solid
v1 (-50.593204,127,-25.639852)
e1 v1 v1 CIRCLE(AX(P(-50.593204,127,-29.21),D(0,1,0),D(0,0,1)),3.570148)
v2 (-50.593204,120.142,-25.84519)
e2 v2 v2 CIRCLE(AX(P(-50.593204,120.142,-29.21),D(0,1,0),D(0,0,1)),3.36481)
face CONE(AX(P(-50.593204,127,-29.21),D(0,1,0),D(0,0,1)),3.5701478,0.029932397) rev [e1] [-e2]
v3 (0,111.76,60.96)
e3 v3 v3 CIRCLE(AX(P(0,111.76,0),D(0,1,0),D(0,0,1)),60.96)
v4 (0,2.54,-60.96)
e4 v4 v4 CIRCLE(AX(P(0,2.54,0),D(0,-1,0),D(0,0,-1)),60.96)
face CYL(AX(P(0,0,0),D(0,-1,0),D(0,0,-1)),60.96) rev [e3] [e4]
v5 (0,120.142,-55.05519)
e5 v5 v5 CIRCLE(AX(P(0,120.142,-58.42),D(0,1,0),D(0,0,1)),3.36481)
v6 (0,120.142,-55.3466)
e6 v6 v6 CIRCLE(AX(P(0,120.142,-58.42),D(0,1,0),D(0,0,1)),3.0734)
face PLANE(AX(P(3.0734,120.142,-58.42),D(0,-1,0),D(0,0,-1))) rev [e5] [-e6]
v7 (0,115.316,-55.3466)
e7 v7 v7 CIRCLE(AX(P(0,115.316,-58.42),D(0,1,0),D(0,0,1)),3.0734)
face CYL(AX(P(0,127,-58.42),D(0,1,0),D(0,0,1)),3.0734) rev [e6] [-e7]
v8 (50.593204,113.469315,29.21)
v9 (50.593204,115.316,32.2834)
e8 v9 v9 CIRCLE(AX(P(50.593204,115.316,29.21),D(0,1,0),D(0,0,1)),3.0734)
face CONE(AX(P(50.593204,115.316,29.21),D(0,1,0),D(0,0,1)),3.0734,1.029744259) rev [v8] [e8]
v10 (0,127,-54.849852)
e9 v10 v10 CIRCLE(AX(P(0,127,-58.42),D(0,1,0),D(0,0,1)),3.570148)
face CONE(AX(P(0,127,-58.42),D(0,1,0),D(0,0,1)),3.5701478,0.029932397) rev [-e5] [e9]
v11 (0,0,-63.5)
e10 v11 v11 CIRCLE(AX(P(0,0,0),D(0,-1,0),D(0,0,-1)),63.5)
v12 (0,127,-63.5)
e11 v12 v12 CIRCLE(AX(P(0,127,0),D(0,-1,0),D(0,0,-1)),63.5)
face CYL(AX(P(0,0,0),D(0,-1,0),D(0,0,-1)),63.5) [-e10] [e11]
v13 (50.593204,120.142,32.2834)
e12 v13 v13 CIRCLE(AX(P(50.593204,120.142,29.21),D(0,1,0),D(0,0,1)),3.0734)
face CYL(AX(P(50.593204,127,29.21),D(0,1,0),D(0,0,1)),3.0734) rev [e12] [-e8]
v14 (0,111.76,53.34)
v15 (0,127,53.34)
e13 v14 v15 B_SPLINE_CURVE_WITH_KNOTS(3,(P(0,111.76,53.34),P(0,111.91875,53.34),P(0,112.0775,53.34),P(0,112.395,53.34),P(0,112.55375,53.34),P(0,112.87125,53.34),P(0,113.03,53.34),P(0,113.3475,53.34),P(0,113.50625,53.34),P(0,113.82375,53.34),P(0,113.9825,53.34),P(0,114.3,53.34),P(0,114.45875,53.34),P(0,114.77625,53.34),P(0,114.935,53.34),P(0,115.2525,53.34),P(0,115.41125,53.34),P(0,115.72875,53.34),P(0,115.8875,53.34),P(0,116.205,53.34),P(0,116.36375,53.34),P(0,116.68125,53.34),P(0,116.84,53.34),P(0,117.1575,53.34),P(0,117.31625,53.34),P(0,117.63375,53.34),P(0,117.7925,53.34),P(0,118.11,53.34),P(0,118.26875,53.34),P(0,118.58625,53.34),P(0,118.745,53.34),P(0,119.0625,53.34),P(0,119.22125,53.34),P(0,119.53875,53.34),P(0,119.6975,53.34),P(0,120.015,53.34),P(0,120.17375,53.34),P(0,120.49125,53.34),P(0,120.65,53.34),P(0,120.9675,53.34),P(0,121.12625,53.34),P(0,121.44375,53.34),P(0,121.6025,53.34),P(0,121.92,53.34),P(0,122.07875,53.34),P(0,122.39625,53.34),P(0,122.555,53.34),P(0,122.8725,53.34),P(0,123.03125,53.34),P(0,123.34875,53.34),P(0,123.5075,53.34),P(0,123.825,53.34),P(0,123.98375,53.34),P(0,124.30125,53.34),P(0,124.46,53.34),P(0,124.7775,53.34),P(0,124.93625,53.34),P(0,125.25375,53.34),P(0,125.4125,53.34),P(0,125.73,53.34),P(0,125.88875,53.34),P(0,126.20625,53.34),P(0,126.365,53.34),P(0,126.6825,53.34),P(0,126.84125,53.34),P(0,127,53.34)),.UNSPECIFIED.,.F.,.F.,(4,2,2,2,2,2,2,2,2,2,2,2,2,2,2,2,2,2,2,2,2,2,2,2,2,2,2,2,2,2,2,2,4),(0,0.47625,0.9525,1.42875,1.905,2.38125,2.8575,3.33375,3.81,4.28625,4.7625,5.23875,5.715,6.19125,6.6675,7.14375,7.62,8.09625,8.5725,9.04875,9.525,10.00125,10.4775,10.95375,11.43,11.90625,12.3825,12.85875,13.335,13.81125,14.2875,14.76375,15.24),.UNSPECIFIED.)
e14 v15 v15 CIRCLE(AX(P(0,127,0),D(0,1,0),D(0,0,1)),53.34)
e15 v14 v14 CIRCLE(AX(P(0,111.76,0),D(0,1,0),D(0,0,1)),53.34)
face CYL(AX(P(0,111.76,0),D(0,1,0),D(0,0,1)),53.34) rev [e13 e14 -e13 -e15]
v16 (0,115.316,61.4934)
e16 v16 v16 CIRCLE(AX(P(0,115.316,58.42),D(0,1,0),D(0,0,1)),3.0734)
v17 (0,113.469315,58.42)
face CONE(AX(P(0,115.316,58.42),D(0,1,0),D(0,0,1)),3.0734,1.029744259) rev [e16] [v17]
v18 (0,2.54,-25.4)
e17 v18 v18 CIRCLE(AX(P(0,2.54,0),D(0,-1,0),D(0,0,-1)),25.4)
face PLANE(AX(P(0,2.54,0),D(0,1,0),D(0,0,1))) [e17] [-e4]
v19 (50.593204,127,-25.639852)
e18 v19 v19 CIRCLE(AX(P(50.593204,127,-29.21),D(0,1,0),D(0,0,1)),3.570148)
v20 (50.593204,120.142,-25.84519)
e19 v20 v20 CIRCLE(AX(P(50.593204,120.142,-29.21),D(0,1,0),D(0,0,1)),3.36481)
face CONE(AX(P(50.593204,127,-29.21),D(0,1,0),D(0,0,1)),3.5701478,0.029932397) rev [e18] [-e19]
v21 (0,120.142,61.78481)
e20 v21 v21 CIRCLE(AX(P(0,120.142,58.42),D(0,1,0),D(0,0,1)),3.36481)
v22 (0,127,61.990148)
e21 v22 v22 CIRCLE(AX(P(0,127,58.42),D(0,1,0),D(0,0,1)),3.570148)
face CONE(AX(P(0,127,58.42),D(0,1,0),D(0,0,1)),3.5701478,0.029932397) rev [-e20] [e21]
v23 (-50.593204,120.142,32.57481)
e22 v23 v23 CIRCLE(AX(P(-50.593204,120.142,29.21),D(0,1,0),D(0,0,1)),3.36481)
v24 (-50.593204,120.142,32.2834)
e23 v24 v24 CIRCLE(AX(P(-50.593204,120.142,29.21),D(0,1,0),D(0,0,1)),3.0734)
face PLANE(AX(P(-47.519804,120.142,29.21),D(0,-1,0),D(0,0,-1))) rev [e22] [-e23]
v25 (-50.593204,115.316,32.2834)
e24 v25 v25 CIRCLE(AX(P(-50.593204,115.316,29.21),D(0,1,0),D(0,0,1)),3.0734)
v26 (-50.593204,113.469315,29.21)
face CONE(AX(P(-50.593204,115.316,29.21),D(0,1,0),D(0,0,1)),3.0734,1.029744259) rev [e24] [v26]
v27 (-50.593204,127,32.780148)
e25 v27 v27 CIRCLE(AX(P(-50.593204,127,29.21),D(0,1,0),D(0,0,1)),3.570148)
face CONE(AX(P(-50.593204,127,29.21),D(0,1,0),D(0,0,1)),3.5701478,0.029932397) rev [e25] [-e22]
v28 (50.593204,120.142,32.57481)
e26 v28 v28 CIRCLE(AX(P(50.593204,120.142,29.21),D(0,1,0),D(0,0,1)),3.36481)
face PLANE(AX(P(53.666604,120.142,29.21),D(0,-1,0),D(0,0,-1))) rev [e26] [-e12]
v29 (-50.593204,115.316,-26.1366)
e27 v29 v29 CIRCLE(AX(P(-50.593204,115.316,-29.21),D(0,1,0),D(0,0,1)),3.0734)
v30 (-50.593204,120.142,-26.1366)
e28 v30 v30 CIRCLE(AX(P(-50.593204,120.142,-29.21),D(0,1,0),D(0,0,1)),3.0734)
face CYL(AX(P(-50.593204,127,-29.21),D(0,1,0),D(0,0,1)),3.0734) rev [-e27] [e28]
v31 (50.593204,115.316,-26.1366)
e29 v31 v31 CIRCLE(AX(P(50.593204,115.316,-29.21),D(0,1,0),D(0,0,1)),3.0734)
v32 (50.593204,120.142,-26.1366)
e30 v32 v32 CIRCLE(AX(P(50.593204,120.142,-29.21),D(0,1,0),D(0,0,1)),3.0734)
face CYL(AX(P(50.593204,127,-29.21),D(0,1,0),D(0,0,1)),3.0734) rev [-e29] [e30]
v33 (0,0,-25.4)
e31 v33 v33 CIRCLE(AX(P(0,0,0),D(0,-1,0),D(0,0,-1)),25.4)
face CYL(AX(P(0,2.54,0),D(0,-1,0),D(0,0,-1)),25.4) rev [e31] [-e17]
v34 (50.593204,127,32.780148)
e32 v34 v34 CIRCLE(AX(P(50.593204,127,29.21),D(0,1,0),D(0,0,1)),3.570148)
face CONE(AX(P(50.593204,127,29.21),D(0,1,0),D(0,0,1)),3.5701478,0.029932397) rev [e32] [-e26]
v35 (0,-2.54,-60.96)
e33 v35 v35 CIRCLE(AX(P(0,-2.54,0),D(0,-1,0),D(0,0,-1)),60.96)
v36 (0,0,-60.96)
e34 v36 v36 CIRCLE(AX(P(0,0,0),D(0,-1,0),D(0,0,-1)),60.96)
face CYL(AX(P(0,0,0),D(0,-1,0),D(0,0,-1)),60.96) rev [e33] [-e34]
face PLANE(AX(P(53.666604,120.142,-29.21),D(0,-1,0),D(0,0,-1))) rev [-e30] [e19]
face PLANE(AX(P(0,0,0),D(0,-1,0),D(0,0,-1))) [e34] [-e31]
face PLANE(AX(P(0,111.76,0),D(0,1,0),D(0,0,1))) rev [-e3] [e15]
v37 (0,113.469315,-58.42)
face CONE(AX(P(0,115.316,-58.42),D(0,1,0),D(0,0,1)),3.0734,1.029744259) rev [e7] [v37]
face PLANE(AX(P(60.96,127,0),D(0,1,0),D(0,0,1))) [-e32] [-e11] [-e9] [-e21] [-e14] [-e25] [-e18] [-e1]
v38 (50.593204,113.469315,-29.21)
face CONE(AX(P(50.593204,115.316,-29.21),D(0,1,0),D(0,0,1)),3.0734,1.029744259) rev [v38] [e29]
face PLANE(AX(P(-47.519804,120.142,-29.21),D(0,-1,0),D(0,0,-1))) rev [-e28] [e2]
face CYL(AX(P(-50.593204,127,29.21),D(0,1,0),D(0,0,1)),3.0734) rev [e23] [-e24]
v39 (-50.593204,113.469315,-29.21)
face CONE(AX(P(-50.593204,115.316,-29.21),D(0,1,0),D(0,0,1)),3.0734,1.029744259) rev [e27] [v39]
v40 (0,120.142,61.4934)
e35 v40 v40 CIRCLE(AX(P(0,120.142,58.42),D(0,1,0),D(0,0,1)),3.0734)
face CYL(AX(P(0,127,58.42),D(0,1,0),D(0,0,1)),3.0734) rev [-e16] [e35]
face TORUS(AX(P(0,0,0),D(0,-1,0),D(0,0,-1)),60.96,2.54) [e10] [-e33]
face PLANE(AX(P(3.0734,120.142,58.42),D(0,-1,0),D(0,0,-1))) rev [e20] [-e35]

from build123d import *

# Parameters (mm, degrees)
BOSS_EXTRUDE1_START                = -15.24
SKETCH2_R                          = 60.96
SKETCH2_R_2                        = 53.34
BOSS_EXTRUDE1_DEPTH                = 15.24
F_1_16_NPT_TAPPED_HOLE2_AT_2_COUNT = 2
F_1_16_NPT_TAPPED_HOLE2_AT_2_PITCH = 58.42
F_1_16_NPT_TAPPED_HOLE2_AT_3_COUNT = 2
F_1_16_NPT_TAPPED_HOLE2_AT_3_PITCH = 101.186408178
F_1_16_NPT_TAPPED_HOLE2_AT_4_COUNT = 2
F_1_16_NPT_TAPPED_HOLE2_AT_4_PITCH = 116.84
F_1_16_NPT_TAPPED_HOLE2_AT_5_COUNT = 2
F_1_16_NPT_TAPPED_HOLE2_AT_5_PITCH = 101.186408178
F_1_16_NPT_TAPPED_HOLE2_AT_6_COUNT = 2
F_1_16_NPT_TAPPED_HOLE2_AT_6_PITCH = 58.42
SKETCH8_R                          = 25.4
CUT_EXTRUDE1_DEPTH                 = 2.54


with BuildPart() as part:
    # Sketch1 → Revolve1 (revolve)
    with BuildSketch(Plane.XY, mode=Mode.PRIVATE) as revolve1_sk:
        with BuildLine():
            Line((0, 0), (60.96, 0))
            Line((60.96, 0), (60.96, -2.54))
            ThreePointArc((60.96, -2.54), (62.756051224, -1.796051224), (63.5, 0))
            Line((63.5, 0), (63.5, 127))
            Line((63.5, 127), (60.96, 127))
            Line((60.96, 127), (60.96, 2.54))
            Line((60.96, 2.54), (0, 2.54))
            Line((0, 2.54), (0, 0))
        make_face()
    revolve(revolve1_sk.sketch.rotate(Axis((0, 0, 0), (0, 1, 0)), 90), axis=Axis((0, 0, 0), (0, 1, 0)))

    # Sketch2 → Boss-Extrude1 (add)
    with BuildSketch(Plane(origin=(0, 127, 0), x_dir=(1, 0, 0), z_dir=(0, 1, 0)).offset(BOSS_EXTRUDE1_START)):
        with Locations(Location((0, 0, 0), (0, 0, 90))):
            Circle(SKETCH2_R)
        with Locations(Location((0, 0, 0), (0, 0, 270))):
            Circle(SKETCH2_R_2, mode=Mode.SUBTRACT)
    extrude(amount=BOSS_EXTRUDE1_DEPTH)

    # Sketch7 → 1/16 NPT Tapped Hole2 (revolve, cut)
    with BuildSketch(Plane(origin=(0, 127, -58.42), x_dir=(0, 0, 1), z_dir=(1, 0, 0))):
        Polygon((0, 0), (0, 13.530685027), (3.0734, 11.684), (3.0734, 6.858), (3.364810096, 6.858), (3.5701478, 0), align=None)
    f_1_16_npt_tapped_hole2 = revolve(axis=Axis((0, 133.35, -58.42), (0, -1, 0)), mode=Mode.SUBTRACT)

    # 1/16 NPT Tapped Hole2 at 2: 1/16 NPT Tapped Hole2 ×2
    with Locations(*[Vector(-0.8660254037844416, 0, 0.499999999999995) * (i * F_1_16_NPT_TAPPED_HOLE2_AT_2_PITCH) for i in range(1, F_1_16_NPT_TAPPED_HOLE2_AT_2_COUNT)]):
        add(f_1_16_npt_tapped_hole2, mode=Mode.SUBTRACT)

    # 1/16 NPT Tapped Hole2 at 3: 1/16 NPT Tapped Hole2 ×2
    with Locations(*[Vector(-0.5000000000000038, 0, 0.8660254037844365) * (i * F_1_16_NPT_TAPPED_HOLE2_AT_3_PITCH) for i in range(1, F_1_16_NPT_TAPPED_HOLE2_AT_3_COUNT)]):
        add(f_1_16_npt_tapped_hole2, mode=Mode.SUBTRACT)

    # 1/16 NPT Tapped Hole2 at 4: 1/16 NPT Tapped Hole2 ×2
    with Locations(*[(0, 0, i * F_1_16_NPT_TAPPED_HOLE2_AT_4_PITCH) for i in range(1, F_1_16_NPT_TAPPED_HOLE2_AT_4_COUNT)]):
        add(f_1_16_npt_tapped_hole2, mode=Mode.SUBTRACT)

    # 1/16 NPT Tapped Hole2 at 5: 1/16 NPT Tapped Hole2 ×2
    with Locations(*[Vector(0.49999999999999206, 0, 0.8660254037844433) * (i * F_1_16_NPT_TAPPED_HOLE2_AT_5_PITCH) for i in range(1, F_1_16_NPT_TAPPED_HOLE2_AT_5_COUNT)]):
        add(f_1_16_npt_tapped_hole2, mode=Mode.SUBTRACT)

    # 1/16 NPT Tapped Hole2 at 6: 1/16 NPT Tapped Hole2 ×2
    with Locations(*[Vector(0.8660254037844346, 0, 0.500000000000007) * (i * F_1_16_NPT_TAPPED_HOLE2_AT_6_PITCH) for i in range(1, F_1_16_NPT_TAPPED_HOLE2_AT_6_COUNT)]):
        add(f_1_16_npt_tapped_hole2, mode=Mode.SUBTRACT)

    # Sketch8 → Cut-Extrude1 (cut)
    with BuildSketch(Plane.XZ):
        with Locations(Location((0, 0, 0), (0, 0, 270))):
            Circle(SKETCH8_R)
    extrude(amount=-CUT_EXTRUDE1_DEPTH, mode=Mode.SUBTRACT)


solid = part.part
